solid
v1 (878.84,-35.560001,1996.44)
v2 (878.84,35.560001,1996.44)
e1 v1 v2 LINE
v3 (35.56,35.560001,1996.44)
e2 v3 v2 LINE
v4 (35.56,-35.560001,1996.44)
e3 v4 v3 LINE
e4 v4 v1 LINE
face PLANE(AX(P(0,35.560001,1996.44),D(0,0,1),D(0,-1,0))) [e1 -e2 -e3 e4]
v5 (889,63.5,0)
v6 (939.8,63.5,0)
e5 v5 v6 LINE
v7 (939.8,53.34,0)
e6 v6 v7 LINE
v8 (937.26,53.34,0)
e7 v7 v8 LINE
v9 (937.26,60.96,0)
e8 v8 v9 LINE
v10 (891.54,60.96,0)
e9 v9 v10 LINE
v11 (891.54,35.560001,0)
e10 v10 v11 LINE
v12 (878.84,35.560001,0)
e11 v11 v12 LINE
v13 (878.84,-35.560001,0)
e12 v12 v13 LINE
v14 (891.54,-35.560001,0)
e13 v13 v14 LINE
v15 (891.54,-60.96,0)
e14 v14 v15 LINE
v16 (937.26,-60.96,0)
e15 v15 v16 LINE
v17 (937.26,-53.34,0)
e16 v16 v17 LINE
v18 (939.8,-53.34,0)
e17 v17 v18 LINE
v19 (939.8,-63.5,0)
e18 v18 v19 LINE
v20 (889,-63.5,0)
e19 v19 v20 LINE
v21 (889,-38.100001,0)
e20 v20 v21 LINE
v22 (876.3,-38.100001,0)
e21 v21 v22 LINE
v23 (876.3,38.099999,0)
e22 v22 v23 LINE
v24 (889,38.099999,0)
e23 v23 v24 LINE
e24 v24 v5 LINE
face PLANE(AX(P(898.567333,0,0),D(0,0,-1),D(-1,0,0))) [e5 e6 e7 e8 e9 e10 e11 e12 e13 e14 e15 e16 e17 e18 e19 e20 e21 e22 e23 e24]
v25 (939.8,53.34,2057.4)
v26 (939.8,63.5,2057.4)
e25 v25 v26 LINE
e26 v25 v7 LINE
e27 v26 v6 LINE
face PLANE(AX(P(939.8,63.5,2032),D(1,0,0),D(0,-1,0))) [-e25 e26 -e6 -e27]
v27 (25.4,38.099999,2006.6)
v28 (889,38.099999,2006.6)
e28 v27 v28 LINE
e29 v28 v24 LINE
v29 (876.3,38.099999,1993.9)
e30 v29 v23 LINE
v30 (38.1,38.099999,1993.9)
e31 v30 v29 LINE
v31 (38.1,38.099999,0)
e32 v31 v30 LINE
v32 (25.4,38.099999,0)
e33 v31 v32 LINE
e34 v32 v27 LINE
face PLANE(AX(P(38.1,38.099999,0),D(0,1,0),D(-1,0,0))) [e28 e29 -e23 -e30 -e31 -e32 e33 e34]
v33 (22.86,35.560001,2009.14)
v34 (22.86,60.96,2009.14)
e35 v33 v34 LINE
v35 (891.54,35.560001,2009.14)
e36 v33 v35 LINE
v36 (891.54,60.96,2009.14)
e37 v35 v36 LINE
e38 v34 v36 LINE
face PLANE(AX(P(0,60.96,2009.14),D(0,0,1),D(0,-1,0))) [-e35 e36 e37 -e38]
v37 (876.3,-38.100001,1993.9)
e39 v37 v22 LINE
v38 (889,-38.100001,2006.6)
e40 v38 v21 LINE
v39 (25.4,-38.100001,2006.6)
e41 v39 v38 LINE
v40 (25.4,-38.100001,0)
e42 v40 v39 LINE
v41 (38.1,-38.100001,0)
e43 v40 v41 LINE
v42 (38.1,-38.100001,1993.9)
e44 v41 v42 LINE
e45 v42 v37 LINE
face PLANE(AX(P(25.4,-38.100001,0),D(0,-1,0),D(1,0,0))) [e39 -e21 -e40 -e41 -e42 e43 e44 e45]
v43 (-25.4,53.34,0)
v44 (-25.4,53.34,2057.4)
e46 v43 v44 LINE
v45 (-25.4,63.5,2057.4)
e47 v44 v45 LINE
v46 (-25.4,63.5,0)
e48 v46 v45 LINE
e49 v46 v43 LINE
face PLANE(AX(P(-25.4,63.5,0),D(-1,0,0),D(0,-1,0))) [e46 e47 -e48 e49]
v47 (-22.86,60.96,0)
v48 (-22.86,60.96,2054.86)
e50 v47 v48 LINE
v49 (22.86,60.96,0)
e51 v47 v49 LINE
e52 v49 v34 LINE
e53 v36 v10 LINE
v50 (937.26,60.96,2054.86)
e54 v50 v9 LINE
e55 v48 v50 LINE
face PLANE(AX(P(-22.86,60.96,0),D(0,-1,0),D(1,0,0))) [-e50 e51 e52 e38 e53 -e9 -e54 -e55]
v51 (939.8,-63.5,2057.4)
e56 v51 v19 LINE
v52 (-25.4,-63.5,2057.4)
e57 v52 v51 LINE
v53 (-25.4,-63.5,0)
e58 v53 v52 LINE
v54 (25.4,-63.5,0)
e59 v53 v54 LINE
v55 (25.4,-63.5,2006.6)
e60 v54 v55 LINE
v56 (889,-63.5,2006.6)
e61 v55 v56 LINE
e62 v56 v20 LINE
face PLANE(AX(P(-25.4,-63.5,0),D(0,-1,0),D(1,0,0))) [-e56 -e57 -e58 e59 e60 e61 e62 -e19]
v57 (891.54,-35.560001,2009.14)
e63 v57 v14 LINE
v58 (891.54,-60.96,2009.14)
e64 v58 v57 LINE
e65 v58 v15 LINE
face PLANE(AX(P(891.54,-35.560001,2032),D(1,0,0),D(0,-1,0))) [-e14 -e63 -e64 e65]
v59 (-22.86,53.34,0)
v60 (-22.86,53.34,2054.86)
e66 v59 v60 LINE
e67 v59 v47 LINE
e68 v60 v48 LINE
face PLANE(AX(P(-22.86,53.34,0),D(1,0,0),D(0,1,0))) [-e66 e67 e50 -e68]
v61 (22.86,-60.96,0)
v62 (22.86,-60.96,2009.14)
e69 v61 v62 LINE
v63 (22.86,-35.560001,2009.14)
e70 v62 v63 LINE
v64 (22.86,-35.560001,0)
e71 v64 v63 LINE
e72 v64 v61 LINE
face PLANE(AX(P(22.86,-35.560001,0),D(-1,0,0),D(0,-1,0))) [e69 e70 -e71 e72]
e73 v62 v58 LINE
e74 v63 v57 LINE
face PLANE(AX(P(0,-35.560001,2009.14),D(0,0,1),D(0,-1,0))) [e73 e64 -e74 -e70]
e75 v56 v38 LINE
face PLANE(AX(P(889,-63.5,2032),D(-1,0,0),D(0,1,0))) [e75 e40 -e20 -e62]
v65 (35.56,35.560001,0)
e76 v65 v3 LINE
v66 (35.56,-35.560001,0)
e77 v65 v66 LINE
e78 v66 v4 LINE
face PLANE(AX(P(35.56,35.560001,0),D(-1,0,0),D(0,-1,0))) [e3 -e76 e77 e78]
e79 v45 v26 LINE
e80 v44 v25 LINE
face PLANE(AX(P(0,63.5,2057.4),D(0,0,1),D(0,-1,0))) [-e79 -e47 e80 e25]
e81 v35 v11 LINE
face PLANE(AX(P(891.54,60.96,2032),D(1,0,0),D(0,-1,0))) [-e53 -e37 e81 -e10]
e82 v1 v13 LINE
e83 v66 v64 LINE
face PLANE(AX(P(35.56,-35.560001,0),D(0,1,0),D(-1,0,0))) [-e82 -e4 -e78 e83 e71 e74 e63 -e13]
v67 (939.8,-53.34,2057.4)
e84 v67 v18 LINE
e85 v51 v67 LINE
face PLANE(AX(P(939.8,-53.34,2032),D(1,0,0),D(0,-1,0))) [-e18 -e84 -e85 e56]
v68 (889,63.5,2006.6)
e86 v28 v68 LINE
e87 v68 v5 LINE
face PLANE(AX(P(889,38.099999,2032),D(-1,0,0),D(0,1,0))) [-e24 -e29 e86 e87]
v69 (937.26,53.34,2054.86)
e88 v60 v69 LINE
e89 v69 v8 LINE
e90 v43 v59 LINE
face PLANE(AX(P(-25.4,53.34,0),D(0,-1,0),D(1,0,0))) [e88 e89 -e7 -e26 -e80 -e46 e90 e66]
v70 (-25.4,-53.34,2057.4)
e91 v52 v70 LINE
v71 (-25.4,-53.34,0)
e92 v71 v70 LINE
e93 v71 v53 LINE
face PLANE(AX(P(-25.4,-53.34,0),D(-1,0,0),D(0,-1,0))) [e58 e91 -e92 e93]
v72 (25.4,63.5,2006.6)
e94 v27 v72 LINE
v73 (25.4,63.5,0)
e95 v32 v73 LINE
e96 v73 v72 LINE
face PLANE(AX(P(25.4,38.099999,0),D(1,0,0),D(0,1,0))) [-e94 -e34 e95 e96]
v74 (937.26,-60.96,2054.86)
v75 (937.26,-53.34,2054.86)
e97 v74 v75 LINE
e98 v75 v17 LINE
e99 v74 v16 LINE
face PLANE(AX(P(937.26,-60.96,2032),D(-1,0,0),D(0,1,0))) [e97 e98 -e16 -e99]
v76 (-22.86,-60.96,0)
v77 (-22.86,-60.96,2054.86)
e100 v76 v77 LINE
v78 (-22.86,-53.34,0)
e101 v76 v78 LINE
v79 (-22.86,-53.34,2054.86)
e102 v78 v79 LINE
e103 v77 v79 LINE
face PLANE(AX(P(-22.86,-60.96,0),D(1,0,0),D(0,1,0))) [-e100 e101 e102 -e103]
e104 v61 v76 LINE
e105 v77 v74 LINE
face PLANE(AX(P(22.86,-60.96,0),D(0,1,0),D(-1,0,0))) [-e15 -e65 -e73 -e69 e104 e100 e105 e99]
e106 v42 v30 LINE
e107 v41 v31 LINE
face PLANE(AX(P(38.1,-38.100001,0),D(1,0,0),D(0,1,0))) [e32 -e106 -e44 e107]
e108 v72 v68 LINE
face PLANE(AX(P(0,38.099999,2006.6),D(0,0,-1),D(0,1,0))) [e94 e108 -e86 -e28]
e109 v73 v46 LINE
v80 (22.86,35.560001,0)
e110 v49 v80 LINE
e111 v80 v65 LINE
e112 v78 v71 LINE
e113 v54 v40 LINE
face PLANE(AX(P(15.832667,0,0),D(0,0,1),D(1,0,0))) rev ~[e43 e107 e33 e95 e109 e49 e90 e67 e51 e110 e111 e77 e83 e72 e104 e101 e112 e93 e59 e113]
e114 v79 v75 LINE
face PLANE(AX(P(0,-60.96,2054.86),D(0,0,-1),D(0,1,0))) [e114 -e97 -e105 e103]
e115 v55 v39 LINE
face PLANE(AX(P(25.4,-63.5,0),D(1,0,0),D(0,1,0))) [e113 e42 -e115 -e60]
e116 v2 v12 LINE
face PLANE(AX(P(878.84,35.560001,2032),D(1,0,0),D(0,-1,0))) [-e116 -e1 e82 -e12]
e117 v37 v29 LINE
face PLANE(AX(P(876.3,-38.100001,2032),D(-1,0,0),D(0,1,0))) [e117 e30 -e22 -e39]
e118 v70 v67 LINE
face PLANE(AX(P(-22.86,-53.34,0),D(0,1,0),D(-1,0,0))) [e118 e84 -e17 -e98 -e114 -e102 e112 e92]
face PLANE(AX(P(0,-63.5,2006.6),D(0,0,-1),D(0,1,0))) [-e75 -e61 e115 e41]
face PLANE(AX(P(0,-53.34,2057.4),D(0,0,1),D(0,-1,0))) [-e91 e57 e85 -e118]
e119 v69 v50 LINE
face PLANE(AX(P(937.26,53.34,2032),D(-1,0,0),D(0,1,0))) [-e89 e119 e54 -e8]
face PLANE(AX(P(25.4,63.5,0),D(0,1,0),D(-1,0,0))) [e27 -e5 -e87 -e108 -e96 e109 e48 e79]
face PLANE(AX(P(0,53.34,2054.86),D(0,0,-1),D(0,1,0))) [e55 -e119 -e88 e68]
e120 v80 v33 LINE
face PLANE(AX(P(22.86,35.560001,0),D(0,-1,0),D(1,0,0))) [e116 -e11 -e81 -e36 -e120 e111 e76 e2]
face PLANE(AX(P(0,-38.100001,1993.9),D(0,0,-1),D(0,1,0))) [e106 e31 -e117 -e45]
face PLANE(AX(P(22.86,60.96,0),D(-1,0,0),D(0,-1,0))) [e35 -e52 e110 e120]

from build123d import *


with BuildPart() as f2:
    # F2: sweep along a path in F1
    with BuildLine(Plane.XZ) as f2_path:
        Line((0, 0), (0, 2032))
        Line((0, 2032), (914.4, 2032))
        Line((914.4, 2032), (914.4, 0))
    # F0 (on Top) → F2 (sweep)
    with BuildSketch(Plane.XY):
        Polygon((-25.4, 63.5), (-25.4, 53.34), (-22.86, 53.34), (-22.86, 60.96), (22.86, 60.96), (22.86, 35.5600006602), (35.56, 35.5600006602), (35.56, -35.5600006602), (22.86, -35.5600006602), (22.86, -60.96), (-22.86, -60.96), (-22.86, -53.34), (-25.4, -53.34), (-25.4, -63.5), (25.4, -63.5), (25.4, -38.1000006602), (38.1, -38.1000006602), (38.1, 38.0999993398), (25.4, 38.0999993398), (25.4, 63.5), align=None)
    sweep(path=f2_path.line, transition=Transition.RIGHT)


solid = f2.part
